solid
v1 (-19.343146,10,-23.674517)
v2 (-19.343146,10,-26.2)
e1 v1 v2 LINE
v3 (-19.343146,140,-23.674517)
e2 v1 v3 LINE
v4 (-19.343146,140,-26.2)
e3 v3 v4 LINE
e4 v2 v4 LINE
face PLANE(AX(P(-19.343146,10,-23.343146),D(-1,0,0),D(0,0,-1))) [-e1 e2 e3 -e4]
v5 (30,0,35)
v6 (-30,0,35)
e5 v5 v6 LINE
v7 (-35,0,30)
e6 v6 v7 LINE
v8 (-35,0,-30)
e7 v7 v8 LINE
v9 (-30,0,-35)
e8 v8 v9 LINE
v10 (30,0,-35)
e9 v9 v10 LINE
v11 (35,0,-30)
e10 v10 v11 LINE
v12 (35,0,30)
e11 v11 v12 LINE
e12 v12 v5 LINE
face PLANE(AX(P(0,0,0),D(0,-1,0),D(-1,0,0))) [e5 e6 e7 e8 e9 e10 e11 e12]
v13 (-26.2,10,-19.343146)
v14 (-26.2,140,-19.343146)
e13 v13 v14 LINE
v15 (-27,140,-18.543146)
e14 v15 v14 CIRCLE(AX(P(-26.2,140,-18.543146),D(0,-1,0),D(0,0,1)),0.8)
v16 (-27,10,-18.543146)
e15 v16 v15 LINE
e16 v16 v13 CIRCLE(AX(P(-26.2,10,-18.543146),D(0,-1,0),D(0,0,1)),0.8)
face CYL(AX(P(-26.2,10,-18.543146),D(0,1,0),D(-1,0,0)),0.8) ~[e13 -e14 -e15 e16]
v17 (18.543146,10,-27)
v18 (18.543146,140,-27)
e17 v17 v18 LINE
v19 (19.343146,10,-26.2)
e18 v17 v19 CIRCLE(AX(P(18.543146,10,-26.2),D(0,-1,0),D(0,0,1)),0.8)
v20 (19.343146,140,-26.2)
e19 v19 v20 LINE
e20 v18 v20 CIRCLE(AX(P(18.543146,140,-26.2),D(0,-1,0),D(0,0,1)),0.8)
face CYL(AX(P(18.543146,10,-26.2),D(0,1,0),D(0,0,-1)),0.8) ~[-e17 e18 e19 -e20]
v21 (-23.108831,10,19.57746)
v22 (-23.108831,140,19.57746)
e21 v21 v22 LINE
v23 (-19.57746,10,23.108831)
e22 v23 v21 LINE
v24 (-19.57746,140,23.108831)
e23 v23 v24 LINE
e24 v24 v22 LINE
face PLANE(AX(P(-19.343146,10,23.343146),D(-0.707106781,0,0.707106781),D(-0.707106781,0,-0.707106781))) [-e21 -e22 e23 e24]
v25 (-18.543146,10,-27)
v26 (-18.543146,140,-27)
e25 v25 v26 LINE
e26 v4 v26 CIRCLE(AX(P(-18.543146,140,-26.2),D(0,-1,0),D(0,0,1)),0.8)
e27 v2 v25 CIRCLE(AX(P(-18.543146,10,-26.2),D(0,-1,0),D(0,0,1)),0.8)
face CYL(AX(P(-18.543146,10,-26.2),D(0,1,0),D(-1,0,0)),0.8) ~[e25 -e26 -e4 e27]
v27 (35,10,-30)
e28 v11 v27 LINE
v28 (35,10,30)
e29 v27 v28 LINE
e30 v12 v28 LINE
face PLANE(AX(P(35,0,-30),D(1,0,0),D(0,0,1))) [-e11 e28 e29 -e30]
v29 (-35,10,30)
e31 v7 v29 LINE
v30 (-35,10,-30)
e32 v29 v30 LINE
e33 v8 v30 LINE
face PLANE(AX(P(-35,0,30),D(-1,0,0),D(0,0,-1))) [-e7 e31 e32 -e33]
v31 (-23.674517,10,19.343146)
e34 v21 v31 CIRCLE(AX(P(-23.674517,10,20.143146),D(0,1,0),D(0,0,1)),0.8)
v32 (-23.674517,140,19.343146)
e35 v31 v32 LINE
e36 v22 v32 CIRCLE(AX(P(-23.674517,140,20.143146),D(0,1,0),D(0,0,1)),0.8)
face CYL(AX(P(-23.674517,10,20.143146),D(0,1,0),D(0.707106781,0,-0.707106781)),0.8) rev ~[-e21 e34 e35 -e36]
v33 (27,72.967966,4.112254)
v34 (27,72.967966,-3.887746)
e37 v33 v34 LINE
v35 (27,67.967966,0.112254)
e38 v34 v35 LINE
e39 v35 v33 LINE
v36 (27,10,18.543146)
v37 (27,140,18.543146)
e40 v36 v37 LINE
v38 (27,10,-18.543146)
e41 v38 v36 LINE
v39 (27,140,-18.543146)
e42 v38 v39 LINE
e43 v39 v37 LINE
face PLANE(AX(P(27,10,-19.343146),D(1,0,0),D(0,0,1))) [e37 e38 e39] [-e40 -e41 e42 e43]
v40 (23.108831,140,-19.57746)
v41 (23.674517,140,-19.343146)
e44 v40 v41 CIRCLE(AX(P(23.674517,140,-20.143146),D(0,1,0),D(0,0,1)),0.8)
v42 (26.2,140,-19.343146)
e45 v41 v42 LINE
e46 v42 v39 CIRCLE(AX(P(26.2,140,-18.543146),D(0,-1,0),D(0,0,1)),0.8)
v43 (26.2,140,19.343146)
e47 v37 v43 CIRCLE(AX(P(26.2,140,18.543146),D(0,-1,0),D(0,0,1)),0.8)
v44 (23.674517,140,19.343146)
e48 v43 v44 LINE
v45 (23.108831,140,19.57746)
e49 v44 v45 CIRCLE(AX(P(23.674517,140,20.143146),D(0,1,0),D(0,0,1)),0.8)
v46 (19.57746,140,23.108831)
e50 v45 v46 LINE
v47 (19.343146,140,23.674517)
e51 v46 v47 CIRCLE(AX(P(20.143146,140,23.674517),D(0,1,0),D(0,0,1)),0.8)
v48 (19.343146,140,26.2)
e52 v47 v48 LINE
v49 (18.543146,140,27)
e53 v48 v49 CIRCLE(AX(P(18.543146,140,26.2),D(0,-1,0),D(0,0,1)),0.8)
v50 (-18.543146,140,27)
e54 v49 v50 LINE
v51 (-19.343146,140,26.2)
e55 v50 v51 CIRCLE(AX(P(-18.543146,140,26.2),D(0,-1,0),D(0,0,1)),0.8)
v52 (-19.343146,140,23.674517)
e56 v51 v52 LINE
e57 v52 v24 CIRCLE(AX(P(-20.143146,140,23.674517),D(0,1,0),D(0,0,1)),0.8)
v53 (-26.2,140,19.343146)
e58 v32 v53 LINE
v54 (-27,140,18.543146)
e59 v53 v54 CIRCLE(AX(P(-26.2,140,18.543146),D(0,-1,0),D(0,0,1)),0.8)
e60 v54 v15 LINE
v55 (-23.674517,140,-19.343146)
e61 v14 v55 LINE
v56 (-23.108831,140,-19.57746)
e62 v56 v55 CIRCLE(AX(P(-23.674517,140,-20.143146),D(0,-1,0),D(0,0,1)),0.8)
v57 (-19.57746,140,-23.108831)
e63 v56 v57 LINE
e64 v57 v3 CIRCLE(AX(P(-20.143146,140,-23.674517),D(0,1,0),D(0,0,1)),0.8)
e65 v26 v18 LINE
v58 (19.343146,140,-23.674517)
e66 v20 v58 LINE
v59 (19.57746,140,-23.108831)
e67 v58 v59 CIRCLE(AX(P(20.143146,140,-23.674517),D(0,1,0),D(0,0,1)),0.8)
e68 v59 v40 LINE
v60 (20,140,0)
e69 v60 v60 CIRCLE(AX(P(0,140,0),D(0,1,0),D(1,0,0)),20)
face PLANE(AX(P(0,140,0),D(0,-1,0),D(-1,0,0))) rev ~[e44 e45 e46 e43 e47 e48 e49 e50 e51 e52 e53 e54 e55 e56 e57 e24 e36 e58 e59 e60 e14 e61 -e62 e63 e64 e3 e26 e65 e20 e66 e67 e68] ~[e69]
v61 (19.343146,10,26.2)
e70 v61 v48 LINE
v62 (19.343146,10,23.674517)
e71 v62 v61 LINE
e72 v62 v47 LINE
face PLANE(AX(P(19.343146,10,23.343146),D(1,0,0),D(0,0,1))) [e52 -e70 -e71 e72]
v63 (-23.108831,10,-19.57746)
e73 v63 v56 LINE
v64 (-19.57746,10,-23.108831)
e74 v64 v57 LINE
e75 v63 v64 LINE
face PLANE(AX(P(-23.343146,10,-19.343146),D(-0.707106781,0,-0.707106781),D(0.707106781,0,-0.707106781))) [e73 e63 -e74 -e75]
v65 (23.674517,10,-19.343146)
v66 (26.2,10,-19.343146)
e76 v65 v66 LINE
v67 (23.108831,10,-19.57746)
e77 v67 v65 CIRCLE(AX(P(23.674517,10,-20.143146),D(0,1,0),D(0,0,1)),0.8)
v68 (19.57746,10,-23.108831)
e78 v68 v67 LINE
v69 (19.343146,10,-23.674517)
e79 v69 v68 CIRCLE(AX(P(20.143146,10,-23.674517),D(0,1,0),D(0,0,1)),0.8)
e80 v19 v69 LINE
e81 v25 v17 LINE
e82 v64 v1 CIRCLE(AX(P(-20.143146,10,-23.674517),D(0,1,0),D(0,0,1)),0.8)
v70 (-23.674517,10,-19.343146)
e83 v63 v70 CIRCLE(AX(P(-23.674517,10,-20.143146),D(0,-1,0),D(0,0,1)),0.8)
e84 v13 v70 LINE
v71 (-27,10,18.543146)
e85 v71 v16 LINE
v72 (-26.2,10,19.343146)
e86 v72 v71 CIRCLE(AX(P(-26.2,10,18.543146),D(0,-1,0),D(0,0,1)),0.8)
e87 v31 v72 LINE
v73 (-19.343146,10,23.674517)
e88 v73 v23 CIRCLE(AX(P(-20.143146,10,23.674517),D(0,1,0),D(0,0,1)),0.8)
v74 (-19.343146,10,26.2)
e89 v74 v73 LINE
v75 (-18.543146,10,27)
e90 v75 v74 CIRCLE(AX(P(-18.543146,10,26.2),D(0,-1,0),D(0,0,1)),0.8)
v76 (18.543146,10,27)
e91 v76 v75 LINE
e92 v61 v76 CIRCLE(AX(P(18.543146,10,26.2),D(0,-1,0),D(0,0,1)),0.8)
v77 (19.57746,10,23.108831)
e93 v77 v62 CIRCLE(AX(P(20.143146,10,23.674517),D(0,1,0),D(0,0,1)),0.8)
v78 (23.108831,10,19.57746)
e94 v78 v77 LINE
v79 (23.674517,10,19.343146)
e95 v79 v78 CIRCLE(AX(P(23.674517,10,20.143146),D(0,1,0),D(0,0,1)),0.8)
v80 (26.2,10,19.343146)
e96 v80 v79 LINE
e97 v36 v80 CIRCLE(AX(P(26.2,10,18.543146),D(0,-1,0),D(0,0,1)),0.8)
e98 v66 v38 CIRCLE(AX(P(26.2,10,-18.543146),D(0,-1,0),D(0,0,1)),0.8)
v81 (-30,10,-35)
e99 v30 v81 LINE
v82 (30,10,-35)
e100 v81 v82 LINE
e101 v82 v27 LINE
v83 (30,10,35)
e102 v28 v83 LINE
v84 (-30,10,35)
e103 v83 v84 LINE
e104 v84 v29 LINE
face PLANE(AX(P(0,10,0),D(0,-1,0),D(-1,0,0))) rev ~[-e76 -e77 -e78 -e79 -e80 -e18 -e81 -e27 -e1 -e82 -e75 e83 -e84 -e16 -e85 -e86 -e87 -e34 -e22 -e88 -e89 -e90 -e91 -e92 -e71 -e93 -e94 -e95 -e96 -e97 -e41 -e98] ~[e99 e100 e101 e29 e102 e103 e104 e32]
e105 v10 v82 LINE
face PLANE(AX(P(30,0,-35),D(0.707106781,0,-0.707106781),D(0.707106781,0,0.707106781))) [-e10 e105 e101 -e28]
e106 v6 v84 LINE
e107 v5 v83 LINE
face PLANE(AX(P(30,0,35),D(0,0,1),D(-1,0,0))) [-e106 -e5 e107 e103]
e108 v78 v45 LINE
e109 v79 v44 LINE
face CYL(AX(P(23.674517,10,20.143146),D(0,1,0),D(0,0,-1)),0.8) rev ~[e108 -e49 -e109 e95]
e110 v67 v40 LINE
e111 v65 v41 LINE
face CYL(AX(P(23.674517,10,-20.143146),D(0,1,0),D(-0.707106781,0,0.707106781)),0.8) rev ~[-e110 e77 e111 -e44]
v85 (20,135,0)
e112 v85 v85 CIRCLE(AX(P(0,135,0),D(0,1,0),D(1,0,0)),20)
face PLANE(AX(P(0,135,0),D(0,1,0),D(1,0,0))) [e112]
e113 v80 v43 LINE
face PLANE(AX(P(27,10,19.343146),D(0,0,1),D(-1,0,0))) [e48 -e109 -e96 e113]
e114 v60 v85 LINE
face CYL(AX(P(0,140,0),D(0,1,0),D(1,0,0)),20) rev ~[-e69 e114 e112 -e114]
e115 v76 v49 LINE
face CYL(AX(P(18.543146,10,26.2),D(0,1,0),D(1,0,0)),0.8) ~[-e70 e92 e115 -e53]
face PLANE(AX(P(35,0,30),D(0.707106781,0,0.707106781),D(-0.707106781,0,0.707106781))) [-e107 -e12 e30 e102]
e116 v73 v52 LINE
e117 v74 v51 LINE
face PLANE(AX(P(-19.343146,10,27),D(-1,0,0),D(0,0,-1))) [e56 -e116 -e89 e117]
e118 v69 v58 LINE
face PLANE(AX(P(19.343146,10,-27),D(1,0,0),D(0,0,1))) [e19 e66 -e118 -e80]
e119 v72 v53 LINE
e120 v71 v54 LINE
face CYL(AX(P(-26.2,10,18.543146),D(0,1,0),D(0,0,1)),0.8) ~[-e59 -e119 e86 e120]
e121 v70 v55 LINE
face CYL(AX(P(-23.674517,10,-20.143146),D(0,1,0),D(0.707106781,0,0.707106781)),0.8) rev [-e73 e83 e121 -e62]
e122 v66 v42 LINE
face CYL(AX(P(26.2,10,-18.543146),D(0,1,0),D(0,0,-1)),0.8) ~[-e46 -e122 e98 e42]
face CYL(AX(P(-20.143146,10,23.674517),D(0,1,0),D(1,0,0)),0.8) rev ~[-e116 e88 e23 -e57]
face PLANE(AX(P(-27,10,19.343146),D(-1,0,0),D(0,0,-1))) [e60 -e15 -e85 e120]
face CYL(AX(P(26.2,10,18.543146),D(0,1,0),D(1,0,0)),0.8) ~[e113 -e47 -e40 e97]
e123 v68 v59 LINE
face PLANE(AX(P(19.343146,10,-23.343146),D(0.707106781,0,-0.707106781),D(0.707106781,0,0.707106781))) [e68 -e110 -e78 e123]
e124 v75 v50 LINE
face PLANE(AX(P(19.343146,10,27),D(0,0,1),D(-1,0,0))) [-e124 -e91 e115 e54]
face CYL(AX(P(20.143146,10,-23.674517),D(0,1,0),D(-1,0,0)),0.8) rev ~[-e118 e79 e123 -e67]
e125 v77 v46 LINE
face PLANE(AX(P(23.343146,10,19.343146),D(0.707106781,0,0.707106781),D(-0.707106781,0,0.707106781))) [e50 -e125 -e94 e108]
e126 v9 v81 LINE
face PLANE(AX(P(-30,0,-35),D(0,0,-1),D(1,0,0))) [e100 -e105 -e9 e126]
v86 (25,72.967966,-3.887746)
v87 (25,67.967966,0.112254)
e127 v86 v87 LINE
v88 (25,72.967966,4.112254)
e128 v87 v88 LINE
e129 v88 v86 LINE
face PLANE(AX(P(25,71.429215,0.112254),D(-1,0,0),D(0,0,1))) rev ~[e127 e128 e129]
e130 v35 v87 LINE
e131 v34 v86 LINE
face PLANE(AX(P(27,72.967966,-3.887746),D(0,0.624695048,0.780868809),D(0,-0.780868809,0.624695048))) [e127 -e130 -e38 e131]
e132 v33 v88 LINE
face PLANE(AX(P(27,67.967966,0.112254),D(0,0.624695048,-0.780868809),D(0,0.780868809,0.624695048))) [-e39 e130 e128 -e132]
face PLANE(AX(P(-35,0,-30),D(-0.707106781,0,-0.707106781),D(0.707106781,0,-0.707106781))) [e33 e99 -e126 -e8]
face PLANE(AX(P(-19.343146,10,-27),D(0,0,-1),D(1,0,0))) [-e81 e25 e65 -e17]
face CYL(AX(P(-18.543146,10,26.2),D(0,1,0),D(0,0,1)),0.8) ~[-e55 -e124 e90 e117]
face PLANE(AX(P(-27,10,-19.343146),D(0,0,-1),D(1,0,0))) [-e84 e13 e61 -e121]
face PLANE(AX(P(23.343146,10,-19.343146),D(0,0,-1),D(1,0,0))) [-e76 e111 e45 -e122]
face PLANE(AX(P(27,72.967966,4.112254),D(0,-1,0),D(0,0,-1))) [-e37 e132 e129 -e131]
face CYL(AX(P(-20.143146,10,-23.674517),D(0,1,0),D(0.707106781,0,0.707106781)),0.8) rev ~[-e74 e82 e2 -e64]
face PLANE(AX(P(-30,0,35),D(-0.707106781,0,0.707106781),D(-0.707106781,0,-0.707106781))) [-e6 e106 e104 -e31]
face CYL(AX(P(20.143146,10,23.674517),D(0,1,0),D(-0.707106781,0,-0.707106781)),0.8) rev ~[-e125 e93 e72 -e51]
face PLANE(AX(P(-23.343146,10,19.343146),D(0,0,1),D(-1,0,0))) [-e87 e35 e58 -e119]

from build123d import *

# Parameters (mm, degrees)
BOSS_EXTRUDE1_DEPTH = 10
BOSS_EXTRUDE2_DEPTH = 130
FILLET1_R           = 0.8
SKETCH3_R           = 20
CUT_EXTRUDE1_DEPTH  = 5
CUT_EXTRUDE2_DEPTH  = 2


with BuildPart() as part:
    # Sketch1 → Boss-Extrude1 (new body)
    with BuildSketch(Plane(origin=(0, 0, 0), x_dir=(1, 0, 0), z_dir=(0, 1, 0))):
        Polygon((-35, 30), (-30, 35), (30, 35), (35, 30), (35, -30), (30, -35), (-30, -35), (-35, -30), align=None)
    extrude(amount=BOSS_EXTRUDE1_DEPTH)

    # Sketch2 → Boss-Extrude2 (add)
    with BuildSketch(Plane(origin=(0, 10, 0), x_dir=(1, 0, 0), z_dir=(0, 1, 0))):
        Polygon((-23.343145751, 19.343145751), (-19.343145751, 23.343145751), (-19.343145751, 27), (19.343145751, 27), (19.343145751, 23.343145751), (23.343145751, 19.343145751), (27, 19.343145751), (27, -19.343145751), (23.343145751, -19.343145751), (19.343145751, -23.343145751), (19.343145751, -27), (-19.343145751, -27), (-19.343145751, -23.343145751), (-23.343145751, -19.343145751), (-27, -19.343145751), (-27, 19.343145751), align=None)
    extrude(amount=BOSS_EXTRUDE2_DEPTH)

    # Fillet1
    fillet1_edges = [part.edges().sort_by_distance(p)[0] for p in [
        (27, 75, 19.343145751),
        (27, 75, -19.343145751),
        (23.343145751, 75, -19.343145751),
        (19.343145751, 75, -23.343145751),
        (19.343145751, 75, -27),
        (-19.343145751, 75, -27),
        (-19.343145751, 75, -23.343145751),
        (-23.343145751, 75, -19.343145751),
        (-27, 75, -19.343145751),
        (-27, 75, 19.343145751),
        (-23.343145751, 75, 19.343145751),
        (-19.343145751, 75, 23.343145751),
        (-19.343145751, 75, 27),
        (19.343145751, 75, 27),
        (19.343145751, 75, 23.343145751),
        (23.343145751, 75, 19.343145751),
    ]]
    fillet(fillet1_edges, radius=FILLET1_R)

    # Sketch3 → Cut-Extrude1 (cut)
    with BuildSketch(Plane(origin=(0, 140, 0), x_dir=(1, 0, 0), z_dir=(0, 1, 0))):
        Circle(SKETCH3_R)
    extrude(amount=-CUT_EXTRUDE1_DEPTH, mode=Mode.SUBTRACT)

    # Sketch5 → Cut-Extrude2 (cut)
    with BuildSketch(Plane(origin=(27, 0, 0), x_dir=(0, 0, -1), z_dir=(1, 0, 0))):
        Polygon((-4.112253732, 72.96796578), (3.887746268, 72.96796578), (-0.112253732, 67.96796578), align=None)
    extrude(amount=-CUT_EXTRUDE2_DEPTH, mode=Mode.SUBTRACT)


solid = part.part
